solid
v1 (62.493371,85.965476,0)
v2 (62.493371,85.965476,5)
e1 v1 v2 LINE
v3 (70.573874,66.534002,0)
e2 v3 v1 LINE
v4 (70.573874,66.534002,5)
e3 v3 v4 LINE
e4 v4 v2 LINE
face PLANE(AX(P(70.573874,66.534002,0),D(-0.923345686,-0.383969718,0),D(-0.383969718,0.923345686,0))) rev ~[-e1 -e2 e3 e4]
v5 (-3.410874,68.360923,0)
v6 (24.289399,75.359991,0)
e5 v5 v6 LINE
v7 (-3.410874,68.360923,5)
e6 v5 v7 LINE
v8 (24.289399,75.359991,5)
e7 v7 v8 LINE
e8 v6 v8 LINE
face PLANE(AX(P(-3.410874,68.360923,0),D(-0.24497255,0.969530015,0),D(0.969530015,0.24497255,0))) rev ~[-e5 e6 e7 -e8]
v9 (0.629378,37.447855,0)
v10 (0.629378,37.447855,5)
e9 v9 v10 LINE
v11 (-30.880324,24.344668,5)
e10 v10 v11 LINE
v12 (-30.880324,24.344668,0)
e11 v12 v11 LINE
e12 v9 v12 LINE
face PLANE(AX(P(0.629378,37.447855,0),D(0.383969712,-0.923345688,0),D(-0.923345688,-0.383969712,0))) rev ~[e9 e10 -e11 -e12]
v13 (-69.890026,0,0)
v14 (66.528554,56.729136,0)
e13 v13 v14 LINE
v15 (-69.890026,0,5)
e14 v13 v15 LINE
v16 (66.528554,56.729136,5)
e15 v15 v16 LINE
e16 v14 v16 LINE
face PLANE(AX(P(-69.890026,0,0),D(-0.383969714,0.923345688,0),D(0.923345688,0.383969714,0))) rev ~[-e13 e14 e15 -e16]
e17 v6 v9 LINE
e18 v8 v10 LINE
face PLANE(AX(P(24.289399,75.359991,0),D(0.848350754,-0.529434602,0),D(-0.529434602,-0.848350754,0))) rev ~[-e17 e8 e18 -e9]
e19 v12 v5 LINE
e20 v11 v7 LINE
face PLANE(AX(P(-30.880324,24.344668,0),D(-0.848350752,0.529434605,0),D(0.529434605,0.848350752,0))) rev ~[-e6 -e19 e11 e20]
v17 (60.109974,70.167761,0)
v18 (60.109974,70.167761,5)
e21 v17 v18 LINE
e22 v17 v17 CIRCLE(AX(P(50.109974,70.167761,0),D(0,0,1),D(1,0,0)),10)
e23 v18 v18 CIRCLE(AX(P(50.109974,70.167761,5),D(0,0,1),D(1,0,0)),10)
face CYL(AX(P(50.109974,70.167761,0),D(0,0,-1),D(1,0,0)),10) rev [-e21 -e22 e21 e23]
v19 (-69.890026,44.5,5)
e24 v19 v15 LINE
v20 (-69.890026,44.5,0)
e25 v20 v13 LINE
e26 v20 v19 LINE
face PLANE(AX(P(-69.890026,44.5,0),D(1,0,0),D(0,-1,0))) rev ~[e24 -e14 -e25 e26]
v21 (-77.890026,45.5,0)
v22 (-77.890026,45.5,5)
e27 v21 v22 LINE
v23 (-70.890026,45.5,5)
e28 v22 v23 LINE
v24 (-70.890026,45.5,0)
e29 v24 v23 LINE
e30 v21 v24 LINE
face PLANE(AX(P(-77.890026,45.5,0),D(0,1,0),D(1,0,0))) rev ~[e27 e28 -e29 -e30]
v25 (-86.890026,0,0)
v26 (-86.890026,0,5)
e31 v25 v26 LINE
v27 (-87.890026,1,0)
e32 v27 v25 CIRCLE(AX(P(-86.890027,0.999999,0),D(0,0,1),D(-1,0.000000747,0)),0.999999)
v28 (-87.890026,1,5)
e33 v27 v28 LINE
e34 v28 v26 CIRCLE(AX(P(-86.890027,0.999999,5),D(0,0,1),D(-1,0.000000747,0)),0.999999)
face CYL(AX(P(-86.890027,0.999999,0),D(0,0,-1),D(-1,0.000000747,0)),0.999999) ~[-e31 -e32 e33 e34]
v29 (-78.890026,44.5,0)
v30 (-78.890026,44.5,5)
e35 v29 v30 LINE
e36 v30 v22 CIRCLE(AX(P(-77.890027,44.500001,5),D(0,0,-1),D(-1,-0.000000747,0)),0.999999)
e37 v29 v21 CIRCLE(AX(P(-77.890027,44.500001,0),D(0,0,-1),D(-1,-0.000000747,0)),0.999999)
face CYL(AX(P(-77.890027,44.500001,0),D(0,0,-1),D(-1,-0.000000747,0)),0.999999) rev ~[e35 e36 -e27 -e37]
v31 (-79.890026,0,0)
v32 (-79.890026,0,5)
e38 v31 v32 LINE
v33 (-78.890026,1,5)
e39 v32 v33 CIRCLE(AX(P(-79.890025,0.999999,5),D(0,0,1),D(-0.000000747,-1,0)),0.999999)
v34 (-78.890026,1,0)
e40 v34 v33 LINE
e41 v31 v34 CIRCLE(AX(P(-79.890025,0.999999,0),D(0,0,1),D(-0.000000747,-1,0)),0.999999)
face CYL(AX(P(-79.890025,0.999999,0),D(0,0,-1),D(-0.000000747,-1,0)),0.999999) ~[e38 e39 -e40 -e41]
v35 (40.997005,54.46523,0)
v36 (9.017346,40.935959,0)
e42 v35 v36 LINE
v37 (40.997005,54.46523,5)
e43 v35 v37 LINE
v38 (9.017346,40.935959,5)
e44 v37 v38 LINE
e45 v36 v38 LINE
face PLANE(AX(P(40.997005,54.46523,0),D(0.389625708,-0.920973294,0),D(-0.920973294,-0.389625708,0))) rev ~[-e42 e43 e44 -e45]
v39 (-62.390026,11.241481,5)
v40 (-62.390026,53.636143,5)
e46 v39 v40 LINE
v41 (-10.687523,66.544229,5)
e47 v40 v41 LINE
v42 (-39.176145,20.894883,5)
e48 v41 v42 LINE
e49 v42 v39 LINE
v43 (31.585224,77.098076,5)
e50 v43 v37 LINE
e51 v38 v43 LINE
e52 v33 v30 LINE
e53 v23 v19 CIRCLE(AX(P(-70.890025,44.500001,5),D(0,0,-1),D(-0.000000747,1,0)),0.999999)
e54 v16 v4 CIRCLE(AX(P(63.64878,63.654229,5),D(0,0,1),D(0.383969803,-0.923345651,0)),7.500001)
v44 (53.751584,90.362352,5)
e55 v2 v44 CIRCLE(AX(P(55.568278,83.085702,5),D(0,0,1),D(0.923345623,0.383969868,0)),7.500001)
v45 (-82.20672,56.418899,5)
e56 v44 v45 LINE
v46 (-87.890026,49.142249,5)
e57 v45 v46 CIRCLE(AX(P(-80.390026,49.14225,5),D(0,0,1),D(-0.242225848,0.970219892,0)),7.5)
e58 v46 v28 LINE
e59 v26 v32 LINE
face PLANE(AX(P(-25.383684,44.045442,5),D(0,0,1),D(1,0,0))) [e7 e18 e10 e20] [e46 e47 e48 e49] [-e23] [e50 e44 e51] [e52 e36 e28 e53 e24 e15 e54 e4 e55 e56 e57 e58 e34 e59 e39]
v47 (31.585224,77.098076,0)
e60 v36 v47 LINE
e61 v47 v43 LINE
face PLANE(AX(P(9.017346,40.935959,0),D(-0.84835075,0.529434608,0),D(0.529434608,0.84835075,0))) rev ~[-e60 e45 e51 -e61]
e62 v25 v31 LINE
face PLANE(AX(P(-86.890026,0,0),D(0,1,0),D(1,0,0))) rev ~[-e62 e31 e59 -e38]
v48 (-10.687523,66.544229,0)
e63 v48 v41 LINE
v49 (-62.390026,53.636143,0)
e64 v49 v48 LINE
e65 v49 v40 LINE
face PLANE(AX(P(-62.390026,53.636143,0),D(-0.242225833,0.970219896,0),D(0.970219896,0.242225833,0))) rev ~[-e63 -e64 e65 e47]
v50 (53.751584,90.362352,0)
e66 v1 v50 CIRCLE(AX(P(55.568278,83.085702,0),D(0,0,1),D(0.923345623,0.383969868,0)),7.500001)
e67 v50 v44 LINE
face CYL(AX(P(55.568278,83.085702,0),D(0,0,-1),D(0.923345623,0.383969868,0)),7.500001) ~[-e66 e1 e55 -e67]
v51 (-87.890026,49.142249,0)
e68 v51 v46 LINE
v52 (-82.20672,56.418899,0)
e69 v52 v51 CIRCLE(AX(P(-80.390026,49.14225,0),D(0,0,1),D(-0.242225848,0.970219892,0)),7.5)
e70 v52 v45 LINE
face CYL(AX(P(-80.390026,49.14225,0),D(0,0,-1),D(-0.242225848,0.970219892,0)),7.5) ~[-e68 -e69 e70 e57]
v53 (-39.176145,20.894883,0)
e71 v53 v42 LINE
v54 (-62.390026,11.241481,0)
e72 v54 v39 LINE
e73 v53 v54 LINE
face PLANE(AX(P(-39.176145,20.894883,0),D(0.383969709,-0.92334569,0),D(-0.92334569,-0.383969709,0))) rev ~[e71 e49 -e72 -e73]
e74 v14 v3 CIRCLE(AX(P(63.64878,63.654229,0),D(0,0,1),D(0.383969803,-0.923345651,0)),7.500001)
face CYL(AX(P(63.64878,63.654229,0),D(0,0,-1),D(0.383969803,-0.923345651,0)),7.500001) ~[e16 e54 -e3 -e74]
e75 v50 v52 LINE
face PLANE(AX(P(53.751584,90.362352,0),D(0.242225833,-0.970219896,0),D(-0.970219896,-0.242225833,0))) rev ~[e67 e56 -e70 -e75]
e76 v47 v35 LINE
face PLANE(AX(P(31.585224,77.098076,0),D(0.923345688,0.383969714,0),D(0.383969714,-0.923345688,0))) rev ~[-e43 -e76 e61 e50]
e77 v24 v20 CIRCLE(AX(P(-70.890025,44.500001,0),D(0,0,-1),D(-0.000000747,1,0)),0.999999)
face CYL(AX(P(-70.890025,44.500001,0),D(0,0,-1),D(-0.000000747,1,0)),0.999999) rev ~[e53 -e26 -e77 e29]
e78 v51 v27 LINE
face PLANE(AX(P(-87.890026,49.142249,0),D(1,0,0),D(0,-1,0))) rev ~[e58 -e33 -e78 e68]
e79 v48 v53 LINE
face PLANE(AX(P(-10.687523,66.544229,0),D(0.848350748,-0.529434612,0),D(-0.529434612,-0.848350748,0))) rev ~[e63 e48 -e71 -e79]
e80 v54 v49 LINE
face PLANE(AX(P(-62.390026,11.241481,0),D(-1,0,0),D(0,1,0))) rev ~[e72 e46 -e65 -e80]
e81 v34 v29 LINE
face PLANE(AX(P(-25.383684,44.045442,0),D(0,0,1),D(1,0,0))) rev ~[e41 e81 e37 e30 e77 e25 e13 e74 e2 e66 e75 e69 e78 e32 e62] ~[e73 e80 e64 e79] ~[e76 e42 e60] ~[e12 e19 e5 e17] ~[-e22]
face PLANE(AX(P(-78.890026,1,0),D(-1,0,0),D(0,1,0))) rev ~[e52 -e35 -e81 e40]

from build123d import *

# Parameters (mm, degrees)
F0_R     = 10
F1_DEPTH = 5


with BuildPart() as f1:
    # F0 (on Top) → F1 (new body)
    with BuildSketch(Plane.XY):
        with BuildLine():
            ThreePointArc((-79.890026, 0), (-79.182919, 0.292893), (-78.890026, 1))
            Line((-78.890026, 1), (-78.890026, 44.5))
            ThreePointArc((-78.890026, 44.5), (-78.597133, 45.207107), (-77.890026, 45.5))
            Line((-77.890026, 45.5), (-70.890026, 45.5))
            ThreePointArc((-70.890026, 45.5), (-70.182919, 45.207107), (-69.890026, 44.5))
            Line((-69.890026, 44.5), (-69.890026, 0))
            Line((-69.890026, 0), (66.528554, 56.729136))
            ThreePointArc((66.528554, 56.729136), (70.581868, 60.793756), (70.573874, 66.534002))
            Line((70.573874, 66.534002), (62.493371, 85.965476))
            ThreePointArc((62.493371, 85.965476), (58.938302, 89.785922), (53.751584, 90.362352))
            Line((53.751584, 90.362352), (-82.20672, 56.418899))
            ThreePointArc((-82.20672, 56.418899), (-86.30083, 53.758785), (-87.890026, 49.142249))
            Line((-87.890026, 49.142249), (-87.890026, 1))
            ThreePointArc((-87.890026, 1), (-87.597133, 0.292893), (-86.890026, 0))
            Line((-86.890026, 0), (-79.890026, 0))
        make_face()
        Polygon((-62.390026, 53.636143), (-10.687523, 66.544229), (-39.176145, 20.894883), (-62.390026, 11.241481), align=None, mode=Mode.SUBTRACT)
        Polygon((-30.880324, 24.344668), (-3.410874, 68.360923), (24.289399, 75.359991), (0.629378, 37.447855), align=None, mode=Mode.SUBTRACT)
        Polygon((9.017346, 40.935959), (31.585224, 77.098076), (40.997005, 54.46523), align=None, mode=Mode.SUBTRACT)
        with Locations((50.109974, 70.167761)):
            Circle(F0_R, mode=Mode.SUBTRACT)
    extrude(amount=F1_DEPTH)


solid = f1.part
